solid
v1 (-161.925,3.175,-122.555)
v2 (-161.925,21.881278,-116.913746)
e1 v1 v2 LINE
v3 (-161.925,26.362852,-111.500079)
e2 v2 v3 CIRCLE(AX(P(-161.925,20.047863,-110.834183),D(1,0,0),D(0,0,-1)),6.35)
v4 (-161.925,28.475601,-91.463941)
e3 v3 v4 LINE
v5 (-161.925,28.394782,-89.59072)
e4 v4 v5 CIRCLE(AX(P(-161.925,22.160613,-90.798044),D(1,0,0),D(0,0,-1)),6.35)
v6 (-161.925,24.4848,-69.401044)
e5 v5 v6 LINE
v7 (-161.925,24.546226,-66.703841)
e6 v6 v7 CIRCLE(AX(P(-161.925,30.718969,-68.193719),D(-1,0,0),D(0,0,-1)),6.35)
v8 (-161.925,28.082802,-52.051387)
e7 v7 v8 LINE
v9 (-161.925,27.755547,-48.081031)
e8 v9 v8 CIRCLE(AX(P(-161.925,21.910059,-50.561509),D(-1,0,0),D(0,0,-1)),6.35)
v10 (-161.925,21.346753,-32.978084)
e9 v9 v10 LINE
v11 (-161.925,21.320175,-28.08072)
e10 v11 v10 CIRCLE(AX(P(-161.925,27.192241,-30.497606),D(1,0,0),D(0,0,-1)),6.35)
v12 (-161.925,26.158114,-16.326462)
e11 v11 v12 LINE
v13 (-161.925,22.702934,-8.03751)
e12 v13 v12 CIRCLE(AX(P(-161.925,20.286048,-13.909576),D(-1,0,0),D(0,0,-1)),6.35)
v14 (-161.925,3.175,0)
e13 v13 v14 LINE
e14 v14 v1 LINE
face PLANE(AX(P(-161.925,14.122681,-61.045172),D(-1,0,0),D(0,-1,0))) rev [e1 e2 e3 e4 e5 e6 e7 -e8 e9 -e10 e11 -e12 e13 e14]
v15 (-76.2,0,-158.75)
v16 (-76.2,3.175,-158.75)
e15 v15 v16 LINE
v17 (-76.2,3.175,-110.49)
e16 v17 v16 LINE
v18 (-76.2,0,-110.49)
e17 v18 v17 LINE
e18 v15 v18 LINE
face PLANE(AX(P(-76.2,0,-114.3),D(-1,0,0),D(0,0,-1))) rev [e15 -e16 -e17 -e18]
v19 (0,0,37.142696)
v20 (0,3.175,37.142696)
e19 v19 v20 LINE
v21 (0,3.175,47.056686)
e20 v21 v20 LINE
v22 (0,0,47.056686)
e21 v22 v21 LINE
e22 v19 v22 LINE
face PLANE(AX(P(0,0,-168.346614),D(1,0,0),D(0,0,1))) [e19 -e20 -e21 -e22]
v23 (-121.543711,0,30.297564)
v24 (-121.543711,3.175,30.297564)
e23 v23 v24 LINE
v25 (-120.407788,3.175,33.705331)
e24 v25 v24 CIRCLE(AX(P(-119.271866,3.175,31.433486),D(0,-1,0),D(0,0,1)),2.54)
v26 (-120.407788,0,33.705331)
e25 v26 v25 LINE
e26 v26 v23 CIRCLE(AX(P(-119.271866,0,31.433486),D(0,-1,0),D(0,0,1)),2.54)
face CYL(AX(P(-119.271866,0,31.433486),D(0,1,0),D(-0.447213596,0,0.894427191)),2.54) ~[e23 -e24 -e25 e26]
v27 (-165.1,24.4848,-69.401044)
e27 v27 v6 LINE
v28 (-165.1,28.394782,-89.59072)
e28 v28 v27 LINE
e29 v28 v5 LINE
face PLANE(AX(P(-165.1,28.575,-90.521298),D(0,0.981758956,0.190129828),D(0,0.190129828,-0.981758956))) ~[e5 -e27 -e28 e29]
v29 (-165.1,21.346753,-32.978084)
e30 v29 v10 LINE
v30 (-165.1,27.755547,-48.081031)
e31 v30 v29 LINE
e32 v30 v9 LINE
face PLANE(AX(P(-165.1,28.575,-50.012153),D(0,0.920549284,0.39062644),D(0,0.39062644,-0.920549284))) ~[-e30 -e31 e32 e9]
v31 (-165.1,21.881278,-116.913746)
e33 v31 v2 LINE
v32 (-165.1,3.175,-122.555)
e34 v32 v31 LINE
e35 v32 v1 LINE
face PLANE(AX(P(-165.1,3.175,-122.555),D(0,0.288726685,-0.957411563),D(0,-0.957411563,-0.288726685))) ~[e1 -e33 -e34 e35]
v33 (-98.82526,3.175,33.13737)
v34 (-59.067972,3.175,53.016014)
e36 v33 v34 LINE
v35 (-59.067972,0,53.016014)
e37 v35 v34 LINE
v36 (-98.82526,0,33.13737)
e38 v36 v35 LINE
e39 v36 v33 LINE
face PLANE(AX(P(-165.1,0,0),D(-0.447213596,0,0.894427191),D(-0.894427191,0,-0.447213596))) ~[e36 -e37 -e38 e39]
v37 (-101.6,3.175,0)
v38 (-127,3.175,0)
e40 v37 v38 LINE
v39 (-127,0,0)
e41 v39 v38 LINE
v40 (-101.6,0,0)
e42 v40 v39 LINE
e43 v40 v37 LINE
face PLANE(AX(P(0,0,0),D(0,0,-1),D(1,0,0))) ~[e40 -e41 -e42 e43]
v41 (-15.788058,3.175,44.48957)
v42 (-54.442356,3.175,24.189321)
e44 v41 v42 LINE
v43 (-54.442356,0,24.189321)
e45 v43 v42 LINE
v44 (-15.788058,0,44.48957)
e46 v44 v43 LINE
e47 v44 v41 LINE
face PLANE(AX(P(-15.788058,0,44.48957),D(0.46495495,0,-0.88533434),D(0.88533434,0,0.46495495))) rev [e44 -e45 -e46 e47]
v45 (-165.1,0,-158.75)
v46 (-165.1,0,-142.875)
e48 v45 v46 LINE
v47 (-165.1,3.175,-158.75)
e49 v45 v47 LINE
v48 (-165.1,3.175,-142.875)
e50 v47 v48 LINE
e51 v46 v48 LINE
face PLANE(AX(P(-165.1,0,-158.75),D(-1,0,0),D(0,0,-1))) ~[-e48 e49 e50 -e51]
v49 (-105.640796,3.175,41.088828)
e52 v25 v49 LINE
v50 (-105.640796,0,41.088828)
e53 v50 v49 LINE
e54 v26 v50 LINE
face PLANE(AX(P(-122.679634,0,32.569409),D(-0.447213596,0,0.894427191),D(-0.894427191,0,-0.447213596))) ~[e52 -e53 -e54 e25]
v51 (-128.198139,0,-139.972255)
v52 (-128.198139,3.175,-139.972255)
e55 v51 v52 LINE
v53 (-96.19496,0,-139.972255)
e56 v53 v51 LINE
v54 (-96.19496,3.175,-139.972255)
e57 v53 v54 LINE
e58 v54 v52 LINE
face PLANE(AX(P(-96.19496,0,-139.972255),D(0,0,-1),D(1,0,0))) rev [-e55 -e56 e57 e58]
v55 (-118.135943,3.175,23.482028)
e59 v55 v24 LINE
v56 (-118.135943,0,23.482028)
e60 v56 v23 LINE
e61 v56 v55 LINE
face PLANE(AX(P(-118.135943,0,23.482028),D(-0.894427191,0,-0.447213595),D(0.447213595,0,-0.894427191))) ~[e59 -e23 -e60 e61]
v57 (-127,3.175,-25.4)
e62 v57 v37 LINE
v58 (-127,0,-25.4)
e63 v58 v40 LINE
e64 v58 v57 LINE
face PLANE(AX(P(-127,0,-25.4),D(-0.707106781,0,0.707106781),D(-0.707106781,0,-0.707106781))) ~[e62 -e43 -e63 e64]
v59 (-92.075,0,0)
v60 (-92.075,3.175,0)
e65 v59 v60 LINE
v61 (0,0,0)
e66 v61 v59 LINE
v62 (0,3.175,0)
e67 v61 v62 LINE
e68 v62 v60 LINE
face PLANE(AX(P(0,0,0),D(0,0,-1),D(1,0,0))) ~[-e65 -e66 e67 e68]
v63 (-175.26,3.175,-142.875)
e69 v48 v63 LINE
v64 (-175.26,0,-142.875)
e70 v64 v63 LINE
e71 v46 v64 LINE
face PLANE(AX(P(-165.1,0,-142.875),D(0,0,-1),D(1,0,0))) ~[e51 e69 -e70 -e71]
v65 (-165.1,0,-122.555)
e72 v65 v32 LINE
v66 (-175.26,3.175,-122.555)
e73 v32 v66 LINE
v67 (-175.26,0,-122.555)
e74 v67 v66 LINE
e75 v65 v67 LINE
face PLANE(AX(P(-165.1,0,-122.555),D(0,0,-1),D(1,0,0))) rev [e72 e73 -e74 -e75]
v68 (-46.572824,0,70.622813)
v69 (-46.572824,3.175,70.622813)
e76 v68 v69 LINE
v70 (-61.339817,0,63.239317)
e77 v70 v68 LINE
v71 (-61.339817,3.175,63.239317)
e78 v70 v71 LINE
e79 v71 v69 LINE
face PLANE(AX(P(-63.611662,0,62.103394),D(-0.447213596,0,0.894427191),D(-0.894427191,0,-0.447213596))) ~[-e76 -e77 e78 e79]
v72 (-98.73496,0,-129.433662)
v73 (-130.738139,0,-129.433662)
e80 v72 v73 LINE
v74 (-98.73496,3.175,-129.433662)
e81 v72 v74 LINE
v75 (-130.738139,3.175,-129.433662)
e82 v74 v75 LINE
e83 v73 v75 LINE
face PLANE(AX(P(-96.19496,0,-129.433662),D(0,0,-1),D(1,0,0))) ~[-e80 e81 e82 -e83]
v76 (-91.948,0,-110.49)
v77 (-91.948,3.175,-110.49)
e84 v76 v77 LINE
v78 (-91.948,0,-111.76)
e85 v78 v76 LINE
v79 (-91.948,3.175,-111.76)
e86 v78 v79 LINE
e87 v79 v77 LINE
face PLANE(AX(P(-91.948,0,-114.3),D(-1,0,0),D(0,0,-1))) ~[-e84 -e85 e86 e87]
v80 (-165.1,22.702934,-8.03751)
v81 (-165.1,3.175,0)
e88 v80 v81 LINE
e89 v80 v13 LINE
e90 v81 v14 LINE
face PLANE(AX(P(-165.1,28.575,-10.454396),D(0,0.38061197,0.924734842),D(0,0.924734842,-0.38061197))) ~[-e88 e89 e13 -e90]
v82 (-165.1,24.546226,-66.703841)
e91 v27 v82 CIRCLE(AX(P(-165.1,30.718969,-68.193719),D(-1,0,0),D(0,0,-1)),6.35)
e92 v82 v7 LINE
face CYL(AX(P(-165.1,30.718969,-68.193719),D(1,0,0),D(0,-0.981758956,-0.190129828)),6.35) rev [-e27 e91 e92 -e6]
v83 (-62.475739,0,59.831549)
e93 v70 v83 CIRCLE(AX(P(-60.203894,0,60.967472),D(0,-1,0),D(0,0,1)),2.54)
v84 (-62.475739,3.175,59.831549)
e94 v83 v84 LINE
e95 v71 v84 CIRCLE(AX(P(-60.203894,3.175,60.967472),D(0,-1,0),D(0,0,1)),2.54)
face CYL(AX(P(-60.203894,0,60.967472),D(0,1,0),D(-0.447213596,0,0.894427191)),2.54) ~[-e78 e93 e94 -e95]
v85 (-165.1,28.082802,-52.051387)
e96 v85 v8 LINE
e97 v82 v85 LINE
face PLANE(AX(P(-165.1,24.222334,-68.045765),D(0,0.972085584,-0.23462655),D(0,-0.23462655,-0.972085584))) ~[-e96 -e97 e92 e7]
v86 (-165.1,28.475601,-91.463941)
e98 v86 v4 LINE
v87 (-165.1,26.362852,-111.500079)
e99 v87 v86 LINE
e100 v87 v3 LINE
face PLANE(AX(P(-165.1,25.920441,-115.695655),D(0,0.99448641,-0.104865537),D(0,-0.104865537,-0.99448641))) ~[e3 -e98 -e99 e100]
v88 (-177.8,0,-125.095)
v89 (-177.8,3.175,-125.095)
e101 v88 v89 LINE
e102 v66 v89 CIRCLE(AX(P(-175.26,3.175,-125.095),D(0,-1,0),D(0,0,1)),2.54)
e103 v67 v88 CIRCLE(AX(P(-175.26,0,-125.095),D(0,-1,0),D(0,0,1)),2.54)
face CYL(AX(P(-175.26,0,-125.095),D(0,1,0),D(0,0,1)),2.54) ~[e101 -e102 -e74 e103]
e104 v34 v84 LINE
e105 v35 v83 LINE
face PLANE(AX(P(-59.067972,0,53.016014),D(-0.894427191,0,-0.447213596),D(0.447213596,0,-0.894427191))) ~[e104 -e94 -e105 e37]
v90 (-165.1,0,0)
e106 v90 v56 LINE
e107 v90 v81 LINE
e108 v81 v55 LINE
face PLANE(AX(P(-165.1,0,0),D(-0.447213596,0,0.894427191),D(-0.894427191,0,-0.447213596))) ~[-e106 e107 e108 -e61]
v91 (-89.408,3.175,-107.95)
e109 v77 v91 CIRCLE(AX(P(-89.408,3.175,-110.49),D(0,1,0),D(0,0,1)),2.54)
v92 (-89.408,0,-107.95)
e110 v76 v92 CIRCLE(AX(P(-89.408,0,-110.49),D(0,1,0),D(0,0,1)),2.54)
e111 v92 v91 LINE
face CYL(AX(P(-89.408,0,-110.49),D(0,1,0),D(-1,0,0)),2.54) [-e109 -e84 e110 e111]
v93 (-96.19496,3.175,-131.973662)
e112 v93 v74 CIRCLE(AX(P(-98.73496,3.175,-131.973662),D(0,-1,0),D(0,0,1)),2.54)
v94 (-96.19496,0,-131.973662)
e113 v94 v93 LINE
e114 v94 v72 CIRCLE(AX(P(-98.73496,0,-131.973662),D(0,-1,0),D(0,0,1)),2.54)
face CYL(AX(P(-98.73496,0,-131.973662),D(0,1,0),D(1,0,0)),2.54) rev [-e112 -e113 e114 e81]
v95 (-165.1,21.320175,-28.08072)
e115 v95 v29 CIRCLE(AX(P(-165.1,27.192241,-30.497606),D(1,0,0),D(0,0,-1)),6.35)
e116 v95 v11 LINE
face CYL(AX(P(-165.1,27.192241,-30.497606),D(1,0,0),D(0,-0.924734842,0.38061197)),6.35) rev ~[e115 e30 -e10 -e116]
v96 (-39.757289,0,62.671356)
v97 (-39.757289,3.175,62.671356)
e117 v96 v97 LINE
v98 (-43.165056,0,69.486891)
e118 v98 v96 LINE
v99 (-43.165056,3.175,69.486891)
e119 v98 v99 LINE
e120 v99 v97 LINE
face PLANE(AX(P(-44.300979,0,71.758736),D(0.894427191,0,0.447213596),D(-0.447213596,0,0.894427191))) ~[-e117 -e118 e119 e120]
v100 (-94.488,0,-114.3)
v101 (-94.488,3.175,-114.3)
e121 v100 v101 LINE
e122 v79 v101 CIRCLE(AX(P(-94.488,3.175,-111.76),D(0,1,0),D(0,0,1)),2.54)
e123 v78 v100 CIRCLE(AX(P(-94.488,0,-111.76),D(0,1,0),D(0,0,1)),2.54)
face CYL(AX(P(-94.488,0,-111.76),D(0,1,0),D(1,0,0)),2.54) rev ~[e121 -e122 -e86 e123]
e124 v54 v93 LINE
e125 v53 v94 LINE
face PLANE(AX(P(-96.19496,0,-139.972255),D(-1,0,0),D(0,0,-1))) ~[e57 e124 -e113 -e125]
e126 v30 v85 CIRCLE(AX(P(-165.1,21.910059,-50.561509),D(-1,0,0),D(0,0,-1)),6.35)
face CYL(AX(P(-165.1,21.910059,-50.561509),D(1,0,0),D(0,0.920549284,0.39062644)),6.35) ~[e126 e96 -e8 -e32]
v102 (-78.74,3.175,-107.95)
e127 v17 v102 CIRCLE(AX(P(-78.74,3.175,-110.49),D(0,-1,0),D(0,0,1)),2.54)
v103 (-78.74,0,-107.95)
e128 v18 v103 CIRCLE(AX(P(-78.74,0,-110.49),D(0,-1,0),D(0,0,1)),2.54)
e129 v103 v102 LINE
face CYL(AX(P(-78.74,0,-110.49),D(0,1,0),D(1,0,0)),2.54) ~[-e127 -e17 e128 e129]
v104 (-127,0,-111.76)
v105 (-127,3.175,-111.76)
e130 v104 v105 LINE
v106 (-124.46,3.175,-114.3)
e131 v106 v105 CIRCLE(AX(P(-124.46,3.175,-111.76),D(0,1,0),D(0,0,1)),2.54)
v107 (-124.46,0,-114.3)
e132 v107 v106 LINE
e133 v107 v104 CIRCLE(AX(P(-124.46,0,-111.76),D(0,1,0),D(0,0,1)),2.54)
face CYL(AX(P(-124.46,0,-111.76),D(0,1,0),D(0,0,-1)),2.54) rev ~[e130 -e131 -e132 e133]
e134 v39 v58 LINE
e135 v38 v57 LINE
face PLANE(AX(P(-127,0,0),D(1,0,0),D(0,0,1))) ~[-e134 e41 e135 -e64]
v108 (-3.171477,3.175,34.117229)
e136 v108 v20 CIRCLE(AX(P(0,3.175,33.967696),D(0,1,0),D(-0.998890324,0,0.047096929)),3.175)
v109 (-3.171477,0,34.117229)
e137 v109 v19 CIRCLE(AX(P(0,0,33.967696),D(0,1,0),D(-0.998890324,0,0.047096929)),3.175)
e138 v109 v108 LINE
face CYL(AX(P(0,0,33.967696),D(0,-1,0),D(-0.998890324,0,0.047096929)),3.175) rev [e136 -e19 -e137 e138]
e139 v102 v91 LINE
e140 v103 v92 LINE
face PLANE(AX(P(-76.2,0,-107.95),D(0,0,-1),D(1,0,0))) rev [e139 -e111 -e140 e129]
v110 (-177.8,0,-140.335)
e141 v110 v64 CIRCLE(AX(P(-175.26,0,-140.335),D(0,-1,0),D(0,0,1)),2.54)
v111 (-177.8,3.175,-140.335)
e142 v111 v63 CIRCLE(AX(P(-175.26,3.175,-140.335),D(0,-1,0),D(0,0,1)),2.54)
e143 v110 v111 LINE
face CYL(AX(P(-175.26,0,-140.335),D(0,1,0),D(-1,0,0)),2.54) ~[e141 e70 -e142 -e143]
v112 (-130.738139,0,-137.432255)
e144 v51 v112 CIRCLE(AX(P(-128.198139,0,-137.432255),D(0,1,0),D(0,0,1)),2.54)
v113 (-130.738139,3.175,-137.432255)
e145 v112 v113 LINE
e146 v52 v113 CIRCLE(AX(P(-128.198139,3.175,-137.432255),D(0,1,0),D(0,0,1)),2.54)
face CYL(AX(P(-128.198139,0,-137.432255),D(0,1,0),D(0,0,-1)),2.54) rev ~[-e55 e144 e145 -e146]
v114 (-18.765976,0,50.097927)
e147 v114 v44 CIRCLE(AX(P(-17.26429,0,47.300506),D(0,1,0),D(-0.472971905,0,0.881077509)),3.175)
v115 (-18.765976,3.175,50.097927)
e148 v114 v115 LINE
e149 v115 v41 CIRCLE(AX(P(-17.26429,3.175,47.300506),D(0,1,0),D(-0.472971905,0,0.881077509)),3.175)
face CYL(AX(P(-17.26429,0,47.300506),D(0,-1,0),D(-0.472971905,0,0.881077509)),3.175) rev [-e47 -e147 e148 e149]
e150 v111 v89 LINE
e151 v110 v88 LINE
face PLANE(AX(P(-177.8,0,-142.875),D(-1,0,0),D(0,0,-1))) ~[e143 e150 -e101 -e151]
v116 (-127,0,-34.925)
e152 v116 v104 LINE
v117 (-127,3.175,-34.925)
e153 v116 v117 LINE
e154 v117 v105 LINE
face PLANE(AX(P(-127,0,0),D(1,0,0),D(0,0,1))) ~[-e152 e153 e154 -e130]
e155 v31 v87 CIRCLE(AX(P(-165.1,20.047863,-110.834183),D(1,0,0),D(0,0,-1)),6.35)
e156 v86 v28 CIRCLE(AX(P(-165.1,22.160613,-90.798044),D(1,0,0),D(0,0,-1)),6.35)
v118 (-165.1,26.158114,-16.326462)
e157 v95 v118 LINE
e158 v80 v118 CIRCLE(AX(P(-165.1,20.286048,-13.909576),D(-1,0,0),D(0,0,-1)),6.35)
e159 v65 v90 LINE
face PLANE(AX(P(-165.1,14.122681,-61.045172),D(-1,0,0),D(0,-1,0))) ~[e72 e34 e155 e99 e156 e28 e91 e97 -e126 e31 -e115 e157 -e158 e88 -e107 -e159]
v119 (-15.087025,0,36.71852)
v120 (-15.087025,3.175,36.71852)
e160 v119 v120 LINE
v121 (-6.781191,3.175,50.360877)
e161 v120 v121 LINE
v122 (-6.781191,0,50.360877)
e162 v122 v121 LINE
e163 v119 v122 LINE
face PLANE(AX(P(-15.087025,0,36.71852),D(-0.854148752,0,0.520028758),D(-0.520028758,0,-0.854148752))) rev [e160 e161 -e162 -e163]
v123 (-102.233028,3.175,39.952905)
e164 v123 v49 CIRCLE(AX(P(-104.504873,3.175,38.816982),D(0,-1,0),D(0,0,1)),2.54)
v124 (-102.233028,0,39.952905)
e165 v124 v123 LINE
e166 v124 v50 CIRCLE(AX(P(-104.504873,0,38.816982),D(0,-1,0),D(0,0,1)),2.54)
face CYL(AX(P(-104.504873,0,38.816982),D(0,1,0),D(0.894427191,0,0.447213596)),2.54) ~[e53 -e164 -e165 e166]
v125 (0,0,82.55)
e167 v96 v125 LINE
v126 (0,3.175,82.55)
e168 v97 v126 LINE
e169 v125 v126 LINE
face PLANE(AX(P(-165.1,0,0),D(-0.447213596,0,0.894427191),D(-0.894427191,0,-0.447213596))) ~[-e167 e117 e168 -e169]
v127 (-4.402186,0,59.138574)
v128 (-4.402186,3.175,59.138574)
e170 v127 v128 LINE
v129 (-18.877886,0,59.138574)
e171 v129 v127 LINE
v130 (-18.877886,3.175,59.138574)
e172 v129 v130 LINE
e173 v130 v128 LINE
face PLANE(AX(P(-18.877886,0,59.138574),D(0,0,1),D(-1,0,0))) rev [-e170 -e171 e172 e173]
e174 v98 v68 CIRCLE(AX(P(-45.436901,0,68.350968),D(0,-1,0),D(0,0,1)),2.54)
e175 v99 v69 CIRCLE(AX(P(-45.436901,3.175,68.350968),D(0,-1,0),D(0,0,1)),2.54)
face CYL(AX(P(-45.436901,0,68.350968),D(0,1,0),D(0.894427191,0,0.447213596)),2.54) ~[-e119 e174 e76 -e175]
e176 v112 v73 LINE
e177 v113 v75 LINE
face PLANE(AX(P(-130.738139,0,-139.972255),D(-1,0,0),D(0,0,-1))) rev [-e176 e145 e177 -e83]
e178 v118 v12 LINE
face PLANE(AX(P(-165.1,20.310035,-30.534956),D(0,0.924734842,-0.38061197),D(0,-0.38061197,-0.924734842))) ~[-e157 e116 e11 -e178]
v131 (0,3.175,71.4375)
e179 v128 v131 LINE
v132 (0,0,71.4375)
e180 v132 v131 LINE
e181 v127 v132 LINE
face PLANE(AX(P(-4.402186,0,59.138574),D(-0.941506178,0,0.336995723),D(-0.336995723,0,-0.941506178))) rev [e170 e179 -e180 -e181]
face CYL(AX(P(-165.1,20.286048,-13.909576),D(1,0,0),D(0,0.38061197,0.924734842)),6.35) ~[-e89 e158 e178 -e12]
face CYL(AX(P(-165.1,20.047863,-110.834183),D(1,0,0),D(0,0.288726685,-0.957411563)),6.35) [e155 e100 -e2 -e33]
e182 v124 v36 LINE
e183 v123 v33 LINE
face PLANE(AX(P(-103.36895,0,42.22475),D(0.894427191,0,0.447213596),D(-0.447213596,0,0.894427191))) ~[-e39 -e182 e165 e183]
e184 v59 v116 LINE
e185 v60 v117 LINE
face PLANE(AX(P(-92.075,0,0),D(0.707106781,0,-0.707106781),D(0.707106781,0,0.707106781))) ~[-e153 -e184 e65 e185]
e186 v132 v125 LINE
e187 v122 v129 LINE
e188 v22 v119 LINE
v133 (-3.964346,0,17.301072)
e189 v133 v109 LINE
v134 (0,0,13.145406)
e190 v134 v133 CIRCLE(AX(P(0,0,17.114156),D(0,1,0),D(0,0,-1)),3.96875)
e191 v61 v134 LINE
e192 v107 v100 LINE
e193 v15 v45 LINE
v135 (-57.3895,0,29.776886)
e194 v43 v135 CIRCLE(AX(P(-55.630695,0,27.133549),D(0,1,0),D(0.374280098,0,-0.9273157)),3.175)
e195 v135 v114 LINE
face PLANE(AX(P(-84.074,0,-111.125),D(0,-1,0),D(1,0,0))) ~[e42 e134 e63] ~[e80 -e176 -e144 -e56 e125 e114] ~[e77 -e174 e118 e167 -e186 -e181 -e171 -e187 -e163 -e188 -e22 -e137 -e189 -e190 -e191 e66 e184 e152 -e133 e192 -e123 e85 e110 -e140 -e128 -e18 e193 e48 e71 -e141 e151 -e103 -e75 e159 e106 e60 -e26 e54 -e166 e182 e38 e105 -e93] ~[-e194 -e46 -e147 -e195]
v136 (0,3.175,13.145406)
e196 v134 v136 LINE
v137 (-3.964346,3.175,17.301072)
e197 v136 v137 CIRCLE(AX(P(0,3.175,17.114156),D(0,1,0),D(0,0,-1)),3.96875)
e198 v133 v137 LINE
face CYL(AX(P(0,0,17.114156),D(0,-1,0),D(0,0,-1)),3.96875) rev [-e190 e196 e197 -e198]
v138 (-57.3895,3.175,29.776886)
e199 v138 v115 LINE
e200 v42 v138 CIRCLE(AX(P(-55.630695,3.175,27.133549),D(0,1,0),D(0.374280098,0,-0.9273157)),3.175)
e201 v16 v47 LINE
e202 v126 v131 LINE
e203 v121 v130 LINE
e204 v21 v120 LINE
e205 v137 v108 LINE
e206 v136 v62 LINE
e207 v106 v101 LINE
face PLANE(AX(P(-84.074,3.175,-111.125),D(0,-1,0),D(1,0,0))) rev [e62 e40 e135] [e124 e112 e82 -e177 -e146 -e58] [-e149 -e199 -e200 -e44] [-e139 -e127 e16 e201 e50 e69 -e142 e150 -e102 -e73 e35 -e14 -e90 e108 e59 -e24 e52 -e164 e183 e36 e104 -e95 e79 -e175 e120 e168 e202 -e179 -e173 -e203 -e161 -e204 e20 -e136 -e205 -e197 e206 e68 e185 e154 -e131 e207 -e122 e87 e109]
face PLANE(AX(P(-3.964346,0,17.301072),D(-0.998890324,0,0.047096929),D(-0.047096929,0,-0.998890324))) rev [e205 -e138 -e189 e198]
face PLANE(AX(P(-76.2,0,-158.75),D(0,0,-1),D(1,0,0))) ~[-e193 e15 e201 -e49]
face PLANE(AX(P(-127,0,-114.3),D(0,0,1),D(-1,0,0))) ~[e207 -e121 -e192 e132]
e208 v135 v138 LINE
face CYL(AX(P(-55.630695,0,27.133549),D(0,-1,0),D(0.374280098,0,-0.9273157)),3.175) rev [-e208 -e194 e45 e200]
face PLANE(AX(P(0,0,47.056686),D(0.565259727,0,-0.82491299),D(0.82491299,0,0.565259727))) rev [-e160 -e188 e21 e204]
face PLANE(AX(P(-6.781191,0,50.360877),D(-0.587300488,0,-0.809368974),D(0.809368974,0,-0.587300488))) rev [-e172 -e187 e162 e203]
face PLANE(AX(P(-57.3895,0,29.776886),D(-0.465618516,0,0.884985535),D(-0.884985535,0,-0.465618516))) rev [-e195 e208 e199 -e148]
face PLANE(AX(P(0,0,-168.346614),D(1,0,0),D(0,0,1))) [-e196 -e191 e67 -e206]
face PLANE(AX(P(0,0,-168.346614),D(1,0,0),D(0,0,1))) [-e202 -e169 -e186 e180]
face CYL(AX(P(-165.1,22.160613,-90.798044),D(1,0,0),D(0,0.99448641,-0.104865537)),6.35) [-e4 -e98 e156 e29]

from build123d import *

# Parameters (mm, degrees)
F1_DEPTH  = 3.175
F2_W      = 15.748
F2_H      = 6.35
F2_W_2    = 12.7
F2_H_2    = 20.32
F3_DEPTH  = 3.175
F4_R      = 2.54
F5_W      = 34.5431789756
F5_H      = 10.5385929346
F6_DEPTH  = 3.176
F8_DEPTH  = 3.175
F9_R      = 6.35
F10_R     = 2.54
F12_W     = 206.8448513746
F12_H     = 268.8337340951
F13_DEPTH = 28.5116125674


with BuildPart() as f1:
    # F0 (on Front) → F1 (new body)
    with BuildSketch(Plane.XZ):
        Polygon((0, 82.55), (0, 0), (127, 0), (127, -114.3), (76.2, -114.3), (76.2, -158.75), (165.1, -158.75), (165.1, 0), align=None)
    extrude(amount=-F1_DEPTH)

    # F2 (on face) → F3 (join, through all)
    with BuildSketch(Plane.XZ):
        Polygon((44.3009787702, 71.7587359406), (39.7572886399, 62.67135568), (59.0679716936, 53.0160141532), (63.6116618239, 62.1033944137), align=None)
        Polygon((122.6796335175, 32.5694085669), (103.3689504639, 42.2247500938), (98.8252603336, 33.1373698332), (118.1359433873, 23.4820283064), align=None)
        with Locations((84.074, -111.125)):
            Rectangle(F2_W, F2_H)
        with Locations((171.45, -132.715)):
            Rectangle(F2_W_2, F2_H_2)
        Polygon((127, -25.4), (101.6, 0), (92.075, 0), (127, -34.925), align=None)
    extrude(amount=-F3_DEPTH)

    # F4
    f4_edges = [f1.edges().sort_by_distance(p)[0] for p in [
        (177.8, 1.5875, -142.875),
        (177.8, 1.5875, -122.555),
        (91.948, 1.5875, -107.95),
        (122.679634, 1.5875, 32.569409),
        (63.611662, 1.5875, 62.103394),
        (103.36895, 1.5875, 42.22475),
        (44.300979, 1.5875, 71.758736),
        (76.2, 1.5875, -107.95),
        (91.948, 1.5875, -114.3),
        (127, 1.5875, -114.3),
    ]]
    fillet(f4_edges, radius=F4_R)

    # F5 (on face) → F6 (cut, through all)
    with BuildSketch(Plane.XZ):
        Polygon((4.4021862559, 59.1385737062), (0, 71.4375), (0, 47.0566861331), (15.08702501, 36.7185198719), (6.7811906338, 50.3608770669), (18.8778863964, 59.1385737062), align=None)
        with BuildLine():
            Line((15.7880578146, 44.4895698524), (54.4423557636, 24.1893212834))
            ThreePointArc((54.4423557636, 24.1893212834), (58.4390000122, 25.6523165849), (57.3894998938, 29.7768856537))
            Line((57.3894998938, 29.7768856537), (18.7659755805, 50.0979274743))
            ThreePointArc((18.7659755805, 50.0979274743), (14.4600820897, 48.7894806012), (15.7880578146, 44.4895698524))
        make_face()
        with BuildLine():
            Line((3.9643459731, 17.3010716776), (3.1714767785, 34.1172288808))
            ThreePointArc((3.1714767785, 34.1172288808), (2.1915586368, 36.2650197343), (0, 37.1426961303))
            Line((0, 37.1426961303), (0, 13.1454057395))
            ThreePointArc((0, 13.1454057395), (2.871654505, 14.3747074435), (3.9643459731, 17.3010716776))
        make_face()
        with Locations((113.4665496647, -134.7029581666)):
            Rectangle(F5_W, F5_H)
    extrude(amount=-F6_DEPTH, mode=Mode.SUBTRACT)

    # F7 (on face) → F8 (join)
    with BuildSketch(Plane.YZ.offset(165.1)):
        Polygon((28.5750000001, -10.4543957859), (3.175, 0), (3.1750000001, -122.555), (25.9204413742, -115.6956553459), (28.5750000001, -90.5212983489), (24.2223335625, -68.0457651615), (28.5750000001, -50.012152642), (20.3100345423, -30.5349558611), align=None)
    extrude(amount=-F8_DEPTH)

    # F9
    f9_edges = [f1.edges().sort_by_distance(p)[0] for p in [
        (163.5125, 28.575, -10.454396),
        (163.5125, 20.310035, -30.534956),
        (163.5125, 28.575, -50.012153),
        (163.5125, 24.222334, -68.045765),
        (163.5125, 28.575, -90.521298),
        (163.5125, 25.920441, -115.695655),
    ]]
    fillet(f9_edges, radius=F9_R)

    # F10
    f10_edges = [f1.edges().sort_by_distance(p)[0] for p in [
        (96.19496, 1.5875, -129.433662),
        (130.738139, 1.5875, -139.972255),
    ]]
    fillet(f10_edges, radius=F10_R)

    # F11: F1 across plane


with BuildPart() as f1_1:
    add(f1.part)
    add(f1.part.mirror(Plane.YZ))

    # F12 (on Front) → F13 (cut, through all)
    with BuildSketch(Plane.XZ):
        with Locations((103.4224256873, -33.929746598)):
            Rectangle(F12_W, F12_H)
    extrude(amount=-F13_DEPTH, mode=Mode.SUBTRACT)


solid = f1_1.part
